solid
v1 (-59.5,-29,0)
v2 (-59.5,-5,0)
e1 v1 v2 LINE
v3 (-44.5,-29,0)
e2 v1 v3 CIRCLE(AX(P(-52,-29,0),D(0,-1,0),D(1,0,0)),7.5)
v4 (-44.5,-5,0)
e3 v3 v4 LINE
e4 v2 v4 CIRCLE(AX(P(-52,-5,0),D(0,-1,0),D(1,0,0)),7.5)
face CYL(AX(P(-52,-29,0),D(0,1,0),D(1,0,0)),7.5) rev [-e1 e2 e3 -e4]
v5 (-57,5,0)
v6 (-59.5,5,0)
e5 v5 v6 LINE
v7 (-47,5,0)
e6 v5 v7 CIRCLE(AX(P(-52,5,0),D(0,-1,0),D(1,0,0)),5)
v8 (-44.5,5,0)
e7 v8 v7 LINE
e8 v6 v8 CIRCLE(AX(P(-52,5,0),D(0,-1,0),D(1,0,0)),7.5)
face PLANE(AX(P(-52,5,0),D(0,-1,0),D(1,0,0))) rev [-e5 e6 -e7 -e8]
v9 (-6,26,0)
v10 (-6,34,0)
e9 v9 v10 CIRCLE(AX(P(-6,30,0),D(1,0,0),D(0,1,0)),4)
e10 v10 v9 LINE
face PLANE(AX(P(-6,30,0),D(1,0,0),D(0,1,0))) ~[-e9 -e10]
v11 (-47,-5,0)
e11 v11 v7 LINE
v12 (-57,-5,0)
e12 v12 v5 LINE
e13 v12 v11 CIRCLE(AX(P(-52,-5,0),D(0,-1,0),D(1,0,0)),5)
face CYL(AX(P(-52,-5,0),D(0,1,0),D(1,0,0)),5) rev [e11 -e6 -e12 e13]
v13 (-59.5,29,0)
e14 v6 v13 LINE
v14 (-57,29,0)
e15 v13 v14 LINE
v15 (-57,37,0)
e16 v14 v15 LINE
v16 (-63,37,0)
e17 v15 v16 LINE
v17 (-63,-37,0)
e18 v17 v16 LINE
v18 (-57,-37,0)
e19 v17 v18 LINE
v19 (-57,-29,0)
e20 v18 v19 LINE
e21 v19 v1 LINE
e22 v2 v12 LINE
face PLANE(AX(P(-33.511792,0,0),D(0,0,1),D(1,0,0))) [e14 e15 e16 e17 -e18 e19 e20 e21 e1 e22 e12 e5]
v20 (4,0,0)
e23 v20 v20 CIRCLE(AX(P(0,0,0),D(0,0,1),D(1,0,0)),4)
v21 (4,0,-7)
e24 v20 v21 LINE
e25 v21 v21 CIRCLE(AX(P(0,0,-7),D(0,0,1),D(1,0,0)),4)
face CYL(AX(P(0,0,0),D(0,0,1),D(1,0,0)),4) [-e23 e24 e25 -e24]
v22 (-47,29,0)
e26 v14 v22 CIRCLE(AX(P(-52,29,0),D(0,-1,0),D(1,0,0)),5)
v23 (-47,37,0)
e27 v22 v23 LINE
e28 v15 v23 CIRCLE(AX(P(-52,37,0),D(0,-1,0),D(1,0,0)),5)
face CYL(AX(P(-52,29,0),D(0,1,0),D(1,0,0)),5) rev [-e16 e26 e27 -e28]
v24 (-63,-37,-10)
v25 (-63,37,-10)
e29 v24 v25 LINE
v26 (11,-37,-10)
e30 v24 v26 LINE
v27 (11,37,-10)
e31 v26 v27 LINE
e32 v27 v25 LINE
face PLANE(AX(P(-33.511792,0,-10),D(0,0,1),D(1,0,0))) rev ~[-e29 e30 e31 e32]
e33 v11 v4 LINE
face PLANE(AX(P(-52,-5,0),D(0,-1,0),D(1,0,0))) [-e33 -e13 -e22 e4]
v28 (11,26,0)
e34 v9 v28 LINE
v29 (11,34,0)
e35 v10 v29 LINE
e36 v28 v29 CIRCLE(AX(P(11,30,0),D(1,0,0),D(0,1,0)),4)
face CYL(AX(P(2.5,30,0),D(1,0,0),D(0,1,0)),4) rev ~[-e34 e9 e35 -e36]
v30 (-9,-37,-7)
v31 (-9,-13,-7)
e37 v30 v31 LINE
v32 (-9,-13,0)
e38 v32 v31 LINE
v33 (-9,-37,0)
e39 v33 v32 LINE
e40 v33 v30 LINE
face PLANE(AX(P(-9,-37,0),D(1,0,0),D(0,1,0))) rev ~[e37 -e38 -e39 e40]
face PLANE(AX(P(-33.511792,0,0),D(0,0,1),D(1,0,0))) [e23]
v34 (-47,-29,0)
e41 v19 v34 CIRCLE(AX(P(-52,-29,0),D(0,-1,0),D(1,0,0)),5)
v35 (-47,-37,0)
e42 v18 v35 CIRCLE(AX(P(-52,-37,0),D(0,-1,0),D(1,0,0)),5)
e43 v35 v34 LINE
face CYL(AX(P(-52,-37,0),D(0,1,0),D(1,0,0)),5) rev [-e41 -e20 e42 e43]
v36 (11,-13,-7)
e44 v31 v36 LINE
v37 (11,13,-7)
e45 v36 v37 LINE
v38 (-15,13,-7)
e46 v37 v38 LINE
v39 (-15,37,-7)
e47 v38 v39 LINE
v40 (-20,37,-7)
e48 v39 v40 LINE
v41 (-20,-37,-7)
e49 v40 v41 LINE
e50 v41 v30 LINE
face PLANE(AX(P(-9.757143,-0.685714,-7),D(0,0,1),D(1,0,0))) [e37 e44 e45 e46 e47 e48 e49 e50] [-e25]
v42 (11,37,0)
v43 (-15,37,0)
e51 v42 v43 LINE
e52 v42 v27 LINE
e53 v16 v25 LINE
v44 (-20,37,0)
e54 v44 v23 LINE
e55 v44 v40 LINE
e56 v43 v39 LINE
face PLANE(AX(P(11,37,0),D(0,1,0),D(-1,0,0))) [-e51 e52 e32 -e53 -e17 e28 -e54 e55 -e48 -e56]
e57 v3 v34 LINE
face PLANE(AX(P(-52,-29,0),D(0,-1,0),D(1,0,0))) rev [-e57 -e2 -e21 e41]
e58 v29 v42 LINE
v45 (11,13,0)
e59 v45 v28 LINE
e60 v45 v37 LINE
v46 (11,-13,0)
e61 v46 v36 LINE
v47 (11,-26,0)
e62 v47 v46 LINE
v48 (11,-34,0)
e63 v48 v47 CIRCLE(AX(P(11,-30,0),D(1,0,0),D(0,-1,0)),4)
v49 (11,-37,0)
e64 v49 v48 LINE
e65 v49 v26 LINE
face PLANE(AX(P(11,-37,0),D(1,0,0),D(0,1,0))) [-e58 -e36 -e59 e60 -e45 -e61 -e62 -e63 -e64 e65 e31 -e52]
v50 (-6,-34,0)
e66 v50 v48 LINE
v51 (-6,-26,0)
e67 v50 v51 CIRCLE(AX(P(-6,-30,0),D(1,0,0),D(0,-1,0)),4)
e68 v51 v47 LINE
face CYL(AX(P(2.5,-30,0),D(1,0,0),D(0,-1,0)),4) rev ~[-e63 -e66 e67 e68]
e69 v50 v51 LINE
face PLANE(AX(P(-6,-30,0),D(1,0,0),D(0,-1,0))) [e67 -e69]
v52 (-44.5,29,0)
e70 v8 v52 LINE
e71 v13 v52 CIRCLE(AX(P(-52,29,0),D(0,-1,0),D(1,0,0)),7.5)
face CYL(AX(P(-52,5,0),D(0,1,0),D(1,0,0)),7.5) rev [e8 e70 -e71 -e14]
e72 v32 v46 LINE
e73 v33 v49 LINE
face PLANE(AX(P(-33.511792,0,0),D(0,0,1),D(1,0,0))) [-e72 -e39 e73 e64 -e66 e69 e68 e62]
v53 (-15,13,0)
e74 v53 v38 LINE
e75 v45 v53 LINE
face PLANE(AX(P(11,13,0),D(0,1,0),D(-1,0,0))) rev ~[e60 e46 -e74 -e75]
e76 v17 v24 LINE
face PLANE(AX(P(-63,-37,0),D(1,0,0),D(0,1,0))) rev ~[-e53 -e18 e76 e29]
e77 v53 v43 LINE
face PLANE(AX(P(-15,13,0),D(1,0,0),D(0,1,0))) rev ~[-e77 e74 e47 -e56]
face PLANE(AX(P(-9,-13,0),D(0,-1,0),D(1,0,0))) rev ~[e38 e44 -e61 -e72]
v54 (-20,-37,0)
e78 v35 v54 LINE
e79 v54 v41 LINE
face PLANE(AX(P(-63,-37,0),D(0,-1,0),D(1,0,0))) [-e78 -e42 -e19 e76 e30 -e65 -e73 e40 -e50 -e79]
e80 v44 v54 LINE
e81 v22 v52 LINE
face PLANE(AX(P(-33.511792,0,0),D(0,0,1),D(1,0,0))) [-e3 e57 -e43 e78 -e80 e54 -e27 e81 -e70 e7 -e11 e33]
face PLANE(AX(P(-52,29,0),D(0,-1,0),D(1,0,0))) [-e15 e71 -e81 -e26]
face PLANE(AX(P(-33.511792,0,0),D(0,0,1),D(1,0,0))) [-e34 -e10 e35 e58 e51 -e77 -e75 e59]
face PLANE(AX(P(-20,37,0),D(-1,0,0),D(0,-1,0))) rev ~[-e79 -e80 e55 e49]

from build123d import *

# Parameters (mm, degrees)
F0_R     = 4
F0_W     = 11
F0_H     = 74
F0_W_2   = 17
F0_H_2   = 4
F1_DEPTH = 10
F5_DEPTH = 7


with BuildPart() as f1:
    # F0 (on Top) → F1 (new body)
    with BuildSketch(Plane.XY):
        Polygon((-47, -37), (-20, -37), (-20, 13), (-20, 37), (-47, 37), (-47, 29), (-44.5, 29), (-44.5, 5), (-47, 5), (-47, 0), (-47, -5), (-44.5, -5), (-44.5, -29), (-47, -29), align=None)
        Polygon((-9, -37), (-9, -13), (11, -13), (11, 13), (-15, 13), (-15, 37), (-20, 37), (-20, 13), (-20, -37), align=None)
        Circle(F0_R, mode=Mode.SUBTRACT)
        with Locations((-57.5, 0)):
            Rectangle(F0_W, F0_H)
        Polygon((-15, 13), (11, 13), (11, 30), (-6, 30), (-6, 34), (11, 34), (11, 37), (-15, 37), align=None)
        Polygon((-52, -37), (-47, -37), (-47, -29), (-44.5, -29), (-44.5, -5), (-47, -5), (-47, 0), (-47, 5), (-44.5, 5), (-44.5, 29), (-47, 29), (-47, 37), (-52, 37), align=None)
        Polygon((11, -13), (-9, -13), (-9, -37), (11, -37), (11, -34), (-6, -34), (-6, -30), (11, -30), align=None)
        with Locations((2.5, 32)):
            Rectangle(F0_W_2, F0_H_2)
        with Locations((2.5, -32)):
            Rectangle(F0_W_2, F0_H_2)
        Circle(F0_R)
    extrude(amount=-F1_DEPTH)

    # F0 (on Top) → F2 (revolve, cut)
    with BuildSketch(Plane.XY):
        Polygon((-52, -37), (-47, -37), (-47, -29), (-44.5, -29), (-44.5, -5), (-47, -5), (-47, 0), (-47, 5), (-44.5, 5), (-44.5, 29), (-47, 29), (-47, 37), (-52, 37), align=None)
    revolve(axis=Axis((-52, 0, 0), (0, -1, 0)), mode=Mode.SUBTRACT)

    # F0 (on Top) → F3 (revolve, cut)
    with BuildSketch(Plane.XY):
        with Locations((2.5, 32)):
            Rectangle(F0_W_2, F0_H_2)
    revolve(axis=Axis((2.5, 30, 0), (1, 0, 0)), mode=Mode.SUBTRACT)

    # F0 (on Top) → F4 (revolve, cut)
    with BuildSketch(Plane.XY):
        with Locations((2.5, -32)):
            Rectangle(F0_W_2, F0_H_2)
    revolve(axis=Axis((2.5, -30, 0), (1, 0, 0)), mode=Mode.SUBTRACT)

    # F0 (on Top) → F5 (cut)
    with BuildSketch(Plane.XY):
        Polygon((-9, -37), (-9, -13), (11, -13), (11, 13), (-15, 13), (-15, 37), (-20, 37), (-20, 13), (-20, -37), align=None)
        Circle(F0_R, mode=Mode.SUBTRACT)
    extrude(amount=-F5_DEPTH, mode=Mode.SUBTRACT)


solid = f1.part
